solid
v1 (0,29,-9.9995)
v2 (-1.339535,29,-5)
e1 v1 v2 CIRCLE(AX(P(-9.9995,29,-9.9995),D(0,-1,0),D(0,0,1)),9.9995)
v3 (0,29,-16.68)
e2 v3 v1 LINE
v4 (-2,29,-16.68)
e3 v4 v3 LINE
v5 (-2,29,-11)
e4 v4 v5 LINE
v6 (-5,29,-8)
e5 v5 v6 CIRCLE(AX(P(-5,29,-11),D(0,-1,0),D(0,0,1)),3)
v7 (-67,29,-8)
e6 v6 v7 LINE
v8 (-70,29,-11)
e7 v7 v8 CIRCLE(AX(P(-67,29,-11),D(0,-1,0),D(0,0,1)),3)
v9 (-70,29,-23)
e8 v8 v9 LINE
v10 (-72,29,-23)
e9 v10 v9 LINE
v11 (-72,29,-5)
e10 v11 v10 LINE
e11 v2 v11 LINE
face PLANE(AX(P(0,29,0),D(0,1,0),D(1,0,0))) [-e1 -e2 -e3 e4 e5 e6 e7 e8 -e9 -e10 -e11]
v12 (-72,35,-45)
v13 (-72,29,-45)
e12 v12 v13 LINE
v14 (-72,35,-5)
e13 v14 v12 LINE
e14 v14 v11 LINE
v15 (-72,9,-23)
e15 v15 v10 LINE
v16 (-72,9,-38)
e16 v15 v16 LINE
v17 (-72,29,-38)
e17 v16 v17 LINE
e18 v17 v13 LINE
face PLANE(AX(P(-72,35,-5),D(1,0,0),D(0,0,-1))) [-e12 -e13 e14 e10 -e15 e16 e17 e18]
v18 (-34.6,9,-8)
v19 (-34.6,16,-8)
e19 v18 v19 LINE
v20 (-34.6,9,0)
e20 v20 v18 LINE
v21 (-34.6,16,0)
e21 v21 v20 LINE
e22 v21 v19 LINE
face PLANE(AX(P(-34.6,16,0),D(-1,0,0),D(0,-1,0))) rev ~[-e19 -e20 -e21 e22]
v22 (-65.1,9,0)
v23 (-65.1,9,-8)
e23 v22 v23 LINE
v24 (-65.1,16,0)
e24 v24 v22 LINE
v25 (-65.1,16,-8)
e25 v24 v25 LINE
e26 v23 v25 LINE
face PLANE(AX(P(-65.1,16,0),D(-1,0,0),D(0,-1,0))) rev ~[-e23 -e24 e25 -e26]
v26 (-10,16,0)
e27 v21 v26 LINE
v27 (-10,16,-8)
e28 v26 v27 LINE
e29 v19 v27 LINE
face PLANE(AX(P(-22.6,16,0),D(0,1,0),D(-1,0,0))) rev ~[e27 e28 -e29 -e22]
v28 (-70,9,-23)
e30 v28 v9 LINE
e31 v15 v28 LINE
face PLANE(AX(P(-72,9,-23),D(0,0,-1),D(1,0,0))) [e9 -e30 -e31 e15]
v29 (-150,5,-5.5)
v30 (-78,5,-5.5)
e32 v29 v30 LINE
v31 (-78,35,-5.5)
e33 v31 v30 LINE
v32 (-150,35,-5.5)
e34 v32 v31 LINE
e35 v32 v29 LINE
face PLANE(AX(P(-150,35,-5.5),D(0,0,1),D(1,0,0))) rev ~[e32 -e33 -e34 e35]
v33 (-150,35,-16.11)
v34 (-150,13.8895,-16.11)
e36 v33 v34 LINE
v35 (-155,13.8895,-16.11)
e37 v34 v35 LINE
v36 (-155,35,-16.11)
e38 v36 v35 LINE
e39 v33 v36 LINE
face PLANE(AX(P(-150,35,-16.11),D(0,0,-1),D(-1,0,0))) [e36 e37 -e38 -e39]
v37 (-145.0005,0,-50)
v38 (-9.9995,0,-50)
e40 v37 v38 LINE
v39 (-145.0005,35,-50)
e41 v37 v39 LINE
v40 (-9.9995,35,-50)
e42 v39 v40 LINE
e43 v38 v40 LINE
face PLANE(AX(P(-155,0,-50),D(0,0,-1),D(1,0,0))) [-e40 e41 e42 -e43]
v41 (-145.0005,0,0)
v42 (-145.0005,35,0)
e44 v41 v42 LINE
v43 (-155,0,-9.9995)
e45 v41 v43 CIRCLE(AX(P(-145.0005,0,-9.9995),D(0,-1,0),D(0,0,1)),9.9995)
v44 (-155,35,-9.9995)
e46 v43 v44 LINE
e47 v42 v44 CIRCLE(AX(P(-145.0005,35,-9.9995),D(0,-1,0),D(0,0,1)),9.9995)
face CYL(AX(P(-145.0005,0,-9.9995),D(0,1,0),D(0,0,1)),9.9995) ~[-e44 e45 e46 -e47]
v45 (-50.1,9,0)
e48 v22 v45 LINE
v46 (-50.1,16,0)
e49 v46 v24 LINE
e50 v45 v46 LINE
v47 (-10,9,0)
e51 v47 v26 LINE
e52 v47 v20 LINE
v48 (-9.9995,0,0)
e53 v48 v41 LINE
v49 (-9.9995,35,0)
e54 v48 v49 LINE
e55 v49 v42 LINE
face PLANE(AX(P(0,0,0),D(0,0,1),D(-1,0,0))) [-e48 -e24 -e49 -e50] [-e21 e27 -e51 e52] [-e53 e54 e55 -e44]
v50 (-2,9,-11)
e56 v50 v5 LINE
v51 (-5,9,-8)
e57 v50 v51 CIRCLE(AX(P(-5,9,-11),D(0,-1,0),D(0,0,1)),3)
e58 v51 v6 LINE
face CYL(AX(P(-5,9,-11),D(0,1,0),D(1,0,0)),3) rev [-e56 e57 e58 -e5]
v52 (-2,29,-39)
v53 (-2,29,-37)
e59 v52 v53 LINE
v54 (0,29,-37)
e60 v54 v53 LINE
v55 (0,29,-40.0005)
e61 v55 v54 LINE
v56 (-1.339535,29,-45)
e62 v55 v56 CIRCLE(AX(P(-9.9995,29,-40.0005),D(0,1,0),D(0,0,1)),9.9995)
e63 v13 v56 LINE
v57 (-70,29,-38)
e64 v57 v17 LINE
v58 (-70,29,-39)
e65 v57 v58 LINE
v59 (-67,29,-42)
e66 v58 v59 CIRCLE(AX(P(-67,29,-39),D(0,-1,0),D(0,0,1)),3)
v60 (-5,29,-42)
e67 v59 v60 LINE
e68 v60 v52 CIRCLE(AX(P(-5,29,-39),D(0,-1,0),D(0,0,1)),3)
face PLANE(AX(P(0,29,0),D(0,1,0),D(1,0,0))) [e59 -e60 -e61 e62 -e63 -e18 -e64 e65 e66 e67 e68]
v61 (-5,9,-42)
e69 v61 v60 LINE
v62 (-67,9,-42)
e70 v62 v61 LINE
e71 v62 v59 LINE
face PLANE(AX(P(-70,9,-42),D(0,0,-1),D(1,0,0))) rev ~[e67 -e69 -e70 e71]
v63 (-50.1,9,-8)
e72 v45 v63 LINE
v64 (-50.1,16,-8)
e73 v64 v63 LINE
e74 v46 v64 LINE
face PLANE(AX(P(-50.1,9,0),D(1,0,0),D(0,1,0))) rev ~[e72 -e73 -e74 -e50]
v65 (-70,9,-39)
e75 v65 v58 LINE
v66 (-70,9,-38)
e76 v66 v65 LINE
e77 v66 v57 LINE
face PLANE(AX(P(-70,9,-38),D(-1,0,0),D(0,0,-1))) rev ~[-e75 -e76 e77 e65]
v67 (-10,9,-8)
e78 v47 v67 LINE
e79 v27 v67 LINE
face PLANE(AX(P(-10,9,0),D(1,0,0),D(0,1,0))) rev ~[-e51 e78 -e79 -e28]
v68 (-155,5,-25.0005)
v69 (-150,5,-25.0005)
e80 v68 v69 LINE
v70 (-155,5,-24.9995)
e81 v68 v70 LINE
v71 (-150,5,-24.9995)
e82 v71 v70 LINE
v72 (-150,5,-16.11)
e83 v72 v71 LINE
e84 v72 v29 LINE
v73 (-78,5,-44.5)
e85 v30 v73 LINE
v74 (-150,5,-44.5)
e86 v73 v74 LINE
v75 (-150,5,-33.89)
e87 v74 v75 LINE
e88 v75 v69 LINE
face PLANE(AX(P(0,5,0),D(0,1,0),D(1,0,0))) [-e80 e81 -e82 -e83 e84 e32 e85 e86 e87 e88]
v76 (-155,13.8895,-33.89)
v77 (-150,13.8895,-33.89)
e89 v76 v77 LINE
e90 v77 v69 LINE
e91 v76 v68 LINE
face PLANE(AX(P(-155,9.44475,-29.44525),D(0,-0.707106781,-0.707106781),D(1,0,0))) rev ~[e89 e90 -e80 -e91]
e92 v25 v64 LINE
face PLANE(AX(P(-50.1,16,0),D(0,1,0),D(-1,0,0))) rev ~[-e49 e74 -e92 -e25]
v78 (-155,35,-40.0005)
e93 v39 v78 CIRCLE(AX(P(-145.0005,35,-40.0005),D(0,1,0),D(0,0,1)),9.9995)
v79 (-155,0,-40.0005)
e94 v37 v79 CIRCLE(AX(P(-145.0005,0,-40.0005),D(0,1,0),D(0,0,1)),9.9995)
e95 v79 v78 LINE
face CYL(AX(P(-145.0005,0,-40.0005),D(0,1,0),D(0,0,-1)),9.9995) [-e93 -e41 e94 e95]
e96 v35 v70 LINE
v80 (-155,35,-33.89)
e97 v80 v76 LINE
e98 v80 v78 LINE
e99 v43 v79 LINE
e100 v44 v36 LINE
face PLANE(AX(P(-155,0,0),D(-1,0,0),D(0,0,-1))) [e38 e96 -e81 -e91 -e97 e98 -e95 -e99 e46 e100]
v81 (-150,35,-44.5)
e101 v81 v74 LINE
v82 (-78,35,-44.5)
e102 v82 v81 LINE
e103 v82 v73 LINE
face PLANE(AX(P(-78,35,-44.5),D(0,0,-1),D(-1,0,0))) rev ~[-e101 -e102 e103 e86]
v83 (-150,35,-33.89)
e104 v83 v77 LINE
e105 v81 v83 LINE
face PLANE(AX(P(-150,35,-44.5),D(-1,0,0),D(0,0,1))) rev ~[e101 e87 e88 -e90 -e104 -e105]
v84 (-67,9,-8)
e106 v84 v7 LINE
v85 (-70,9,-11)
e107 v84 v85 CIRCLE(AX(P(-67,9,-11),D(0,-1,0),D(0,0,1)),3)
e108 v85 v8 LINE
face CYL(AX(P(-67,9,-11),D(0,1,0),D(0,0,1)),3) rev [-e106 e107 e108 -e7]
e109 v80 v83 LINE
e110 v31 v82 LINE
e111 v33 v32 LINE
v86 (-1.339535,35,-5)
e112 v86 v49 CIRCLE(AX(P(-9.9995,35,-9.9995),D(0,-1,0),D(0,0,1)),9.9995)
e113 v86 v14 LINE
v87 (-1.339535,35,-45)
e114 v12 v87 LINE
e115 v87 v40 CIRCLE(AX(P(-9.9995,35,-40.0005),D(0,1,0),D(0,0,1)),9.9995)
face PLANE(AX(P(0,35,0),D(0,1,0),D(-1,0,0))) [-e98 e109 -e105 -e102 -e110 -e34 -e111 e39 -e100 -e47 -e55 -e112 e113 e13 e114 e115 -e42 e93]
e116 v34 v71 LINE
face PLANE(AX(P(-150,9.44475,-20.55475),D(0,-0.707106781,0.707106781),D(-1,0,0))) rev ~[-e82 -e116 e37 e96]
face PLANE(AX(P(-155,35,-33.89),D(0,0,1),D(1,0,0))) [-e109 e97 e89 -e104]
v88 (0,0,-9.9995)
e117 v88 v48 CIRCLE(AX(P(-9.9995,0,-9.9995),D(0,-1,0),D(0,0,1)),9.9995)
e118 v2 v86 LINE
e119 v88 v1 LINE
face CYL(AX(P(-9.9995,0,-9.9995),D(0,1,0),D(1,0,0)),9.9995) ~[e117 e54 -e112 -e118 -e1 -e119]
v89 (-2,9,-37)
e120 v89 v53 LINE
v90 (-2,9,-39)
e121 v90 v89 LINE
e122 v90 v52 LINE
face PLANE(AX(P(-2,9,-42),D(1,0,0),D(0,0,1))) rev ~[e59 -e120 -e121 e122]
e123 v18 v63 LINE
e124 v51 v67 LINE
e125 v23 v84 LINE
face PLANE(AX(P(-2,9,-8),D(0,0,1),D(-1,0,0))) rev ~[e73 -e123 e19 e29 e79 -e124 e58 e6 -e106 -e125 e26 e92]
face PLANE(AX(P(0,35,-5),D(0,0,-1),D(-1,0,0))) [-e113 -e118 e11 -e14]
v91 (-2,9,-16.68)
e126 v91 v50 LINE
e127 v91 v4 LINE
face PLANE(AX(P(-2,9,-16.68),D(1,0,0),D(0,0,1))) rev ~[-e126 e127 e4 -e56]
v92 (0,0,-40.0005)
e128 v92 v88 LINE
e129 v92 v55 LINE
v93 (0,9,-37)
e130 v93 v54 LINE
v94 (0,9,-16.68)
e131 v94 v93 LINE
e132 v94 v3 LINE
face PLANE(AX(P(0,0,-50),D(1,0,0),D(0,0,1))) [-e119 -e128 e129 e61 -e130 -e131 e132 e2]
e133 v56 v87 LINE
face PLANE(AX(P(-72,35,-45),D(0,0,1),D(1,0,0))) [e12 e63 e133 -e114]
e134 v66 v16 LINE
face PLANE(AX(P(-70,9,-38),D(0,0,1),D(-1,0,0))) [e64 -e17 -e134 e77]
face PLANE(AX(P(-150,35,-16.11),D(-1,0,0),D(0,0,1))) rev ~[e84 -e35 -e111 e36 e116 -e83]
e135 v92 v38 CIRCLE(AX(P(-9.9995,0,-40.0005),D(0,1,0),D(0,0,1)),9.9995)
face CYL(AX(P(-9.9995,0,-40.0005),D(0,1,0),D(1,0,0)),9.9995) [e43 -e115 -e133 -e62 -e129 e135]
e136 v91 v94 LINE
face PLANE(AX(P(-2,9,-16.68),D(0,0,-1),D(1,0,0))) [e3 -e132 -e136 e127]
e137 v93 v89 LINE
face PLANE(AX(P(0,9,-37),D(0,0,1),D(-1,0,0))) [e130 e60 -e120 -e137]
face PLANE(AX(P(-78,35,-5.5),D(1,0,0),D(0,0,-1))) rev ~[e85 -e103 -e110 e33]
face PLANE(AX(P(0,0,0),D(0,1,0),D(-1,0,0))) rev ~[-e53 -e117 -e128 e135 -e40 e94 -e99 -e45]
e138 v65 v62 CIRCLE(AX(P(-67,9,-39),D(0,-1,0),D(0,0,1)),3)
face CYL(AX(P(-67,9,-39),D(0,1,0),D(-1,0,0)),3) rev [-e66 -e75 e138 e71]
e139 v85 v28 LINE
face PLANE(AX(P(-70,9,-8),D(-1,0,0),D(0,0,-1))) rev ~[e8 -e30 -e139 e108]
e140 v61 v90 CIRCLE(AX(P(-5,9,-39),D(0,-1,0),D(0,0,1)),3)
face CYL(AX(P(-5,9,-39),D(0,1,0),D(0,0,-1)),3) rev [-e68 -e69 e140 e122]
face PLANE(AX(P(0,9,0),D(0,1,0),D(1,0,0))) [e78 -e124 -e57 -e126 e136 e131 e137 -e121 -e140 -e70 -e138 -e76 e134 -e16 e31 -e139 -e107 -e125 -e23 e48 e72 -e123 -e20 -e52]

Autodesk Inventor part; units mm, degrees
ref_plane "YZ Plane" through (0, 0, 0) normal (1, 0, 0) x (0, 1, 0)
ref_plane "XZ Plane" through (0, 0, 0) normal (0, 1, 0) x (-1, 0, 0)
ref_plane "XY Plane" through (0, 0, 0) normal (0, 0, 1) x (1, 0, 0)
sketch "Sketch2" plane through (0, 0, 0) normal (0, 1, 0) x (-1, 0, 0)
  line L0 (0, 0) -> (155, 0)
  line L1 (155, 0) -> (155, -50)
  line L2 (155, -50) -> (0, -50)
  line L3 (0, -50) -> (0, 0)
  dimension "d4" = 155
  dimension "d5" = 50
extrude "Extrusion2" add sketch "Sketch2" along normal blind 35
sketch "Sketch4" plane through (0, 35, 0) normal (0, 1, 0) x (1, 0, 0)
  line L0 (0, 0) -> (0, 50) projected
  line L1 (0, 5) -> (-72, 5)
  line L2 (-72, 5) -> (-72, 45)
  line L3 (-72, 45) -> (0, 45)
  line L4 (0, 45) -> (0, 5)
  line L5 (-155, 50) -> (-155, 0) construction
  line L6 (-155, 25) -> (0, 25) construction
  dimension "d8" = 72
  dimension "d9" = 40
extrude "Extrusion3" cut sketch "Sketch4" against normal blind 26
sketch "Sketch5" plane through (0, 9, 0) normal (0, 1, 0) x (1, 0, 0)
  line L0 (0, 5) -> (-72, 5) projected
  line L1 (-72, 45) -> (0, 45) projected
  line L2 (0, 5) -> (-72, 5)
  line L3 (-72, 5) -> (-72, 23)
  line L4 (-72, 45) -> (0, 45)
  line L5 (0, 45) -> (0, 16.68)
  line L6 (-2, 8) -> (-70, 8)
  line L7 (-70, 8) -> (-70, 23)
  line L8 (-70, 42) -> (-2, 42)
  line L9 (-2, 42) -> (-2, 37)
  line L10 (0, 50) -> (0, 0) construction
  line L11 (0, 25) -> (-72, 25) construction
  line L12 (-72, 5) -> (-72, 45) construction
  line L13 (-36, 5) -> (-36, 42) construction
  line L14 (0, 45) -> (0, 5) projected
  line L15 (-2, 16.68) -> (0, 16.68)
  line L16 (0, 37) -> (-2, 37)
  line L17 (-2, 16.68) -> (-2, 8)
  line L18 (0, 16.68) -> (0, 5)
  line L19 (-72, 5) -> (-72, 45) projected
  line L20 (-70, 38) -> (-72, 38)
  line L21 (-72, 38) -> (-72, 23) construction
  line L22 (-72, 23) -> (-70, 23)
  line L23 (-70, 23) -> (-70, 25) construction
  line L24 (-70, 38) -> (-70, 42)
  line L25 (-70, 23) -> (-70, 38) construction
  line L26 (-72, 23) -> (-72, 38)
  line L27 (-72, 38) -> (-72, 45)
  dimension "d12" = 68
  dimension "d13" = 34
  dimension "d17" = 20.32
  dimension "d43" = 15
  dimension "d44" = 4
  dimension "d52" = 8
extrude "Extrusion5" add sketch "Sketch5" along normal blind 20 contours L0 L3 L22 L7 L6 L17 L15 L14 | L16 L9 L8 L24 L20 L19 L1 L5
fillet "Fillet2" radius 3 4 edges at (-2, 19, -8) (-70, 19, -8) (-70, 19, -42) (-2, 19, -42)
sketch "Sketch7" plane through (-155, 0, 0) normal (0, 0, 1) x (1, 0, 0)
  line L0 (89.9, 9) -> (104.9, 9)
  line L1 (104.9, 9) -> (104.9, 16)
  line L2 (104.9, 16) -> (89.9, 16)
  line L3 (89.9, 16) -> (89.9, 9)
  line L4 (89.9, 12.5) -> (104.9, 12.5) construction
  line L5 (97.4, 16) -> (97.4, 9) construction
  line L6 (88, 29) -> (88, 9) construction
  line L7 (88, 9) -> (150, 9) construction
  line L8 (85, 9) -> (85, 29) projected
  line L9 (120.4, 9) -> (132.4, 9)
  line L10 (132.4, 9) -> (132.4, 16) construction
  line L11 (132.4, 16) -> (120.4, 16)
  line L12 (120.4, 16) -> (120.4, 9)
  line L13 (133, 9) -> (145, 9)
  line L14 (145, 9) -> (145, 16)
  line L15 (145, 16) -> (133, 16)
  line L16 (133, 16) -> (133, 9) construction
  line L17 (126.4, 16) -> (126.4, 9) construction
  line L18 (139, 16) -> (139, 9) construction
  line L19 (132.4, 16) -> (133, 16) construction
  line L20 (132.4, 16) -> (133, 16)
  line L21 (132.4, 9) -> (133, 9)
  point P0 (155, 0)
  dimension "d29" = 15
  dimension "d30" = 7
  dimension "d32" = 0
  dimension "d35" = 12.4
  dimension "d36" = 12
  dimension "d37" = 7
  dimension "d38" = 12
  dimension "d39" = 7
  dimension "d40" = 41.4
  dimension "d41" = 54
extrude "Extrusion7" cut sketch "Sketch7" against normal up to next
sketch "Sketch9" plane through (0, 35, 0) normal (0, 1, 0) x (1, 0, 0)
  line L0 (-78, 44.5) -> (-150, 44.5)
  line L1 (-150, 44.5) -> (-150, 33.89)
  line L2 (-150, 5.5) -> (-78, 5.5)
  line L3 (-78, 5.5) -> (-78, 44.5)
  line L4 (0, 50) -> (0, 0) construction
  line L5 (0, 25) -> (-155, 25) construction
  line L6 (-155, 0) -> (-155, 50) construction
  line L7 (-150, 25) -> (-78, 25) construction
  line L8 (-155, 50) -> (-155, 0) projected
  line L9 (-150, 16.11) -> (-155, 16.11)
  line L10 (-155, 16.11) -> (-155, 33.89)
  line L11 (-155, 33.89) -> (-150, 33.89)
  line L12 (-150, 33.89) -> (-150, 25) construction
  line L13 (-150, 25) -> (-155, 25) construction
  line L14 (-150, 33.89) -> (-150, 25) construction
  line L15 (-150, 16.11) -> (-150, 5.5)
  line L16 (-150, 25) -> (-150, 16.11) construction
  line L17 (-150, 25) -> (-150, 16.11) construction
  dimension "d45" = 72
  dimension "d46" = 39
  dimension "d47" = 5
  dimension "d50" = 17.78
extrude "Extrusion8" cut sketch "Sketch9" against normal blind 30
fillet "Fillet3" radius 10 4 edges at (0, 17.5, 0) (0, 17.5, -50) (-155, 17.5, 0) (-155, 17.5, -50)
chamfer "Chamfer1" distance 8.89 angle 45 2 edges at (-152.5, 5, -33.89) (-152.5, 5, -16.11)
equation "\"d37\" = d30"
equation "\"d38\" = d36"
equation "\"d39\" = d37"
properties part number "PiHolder"
